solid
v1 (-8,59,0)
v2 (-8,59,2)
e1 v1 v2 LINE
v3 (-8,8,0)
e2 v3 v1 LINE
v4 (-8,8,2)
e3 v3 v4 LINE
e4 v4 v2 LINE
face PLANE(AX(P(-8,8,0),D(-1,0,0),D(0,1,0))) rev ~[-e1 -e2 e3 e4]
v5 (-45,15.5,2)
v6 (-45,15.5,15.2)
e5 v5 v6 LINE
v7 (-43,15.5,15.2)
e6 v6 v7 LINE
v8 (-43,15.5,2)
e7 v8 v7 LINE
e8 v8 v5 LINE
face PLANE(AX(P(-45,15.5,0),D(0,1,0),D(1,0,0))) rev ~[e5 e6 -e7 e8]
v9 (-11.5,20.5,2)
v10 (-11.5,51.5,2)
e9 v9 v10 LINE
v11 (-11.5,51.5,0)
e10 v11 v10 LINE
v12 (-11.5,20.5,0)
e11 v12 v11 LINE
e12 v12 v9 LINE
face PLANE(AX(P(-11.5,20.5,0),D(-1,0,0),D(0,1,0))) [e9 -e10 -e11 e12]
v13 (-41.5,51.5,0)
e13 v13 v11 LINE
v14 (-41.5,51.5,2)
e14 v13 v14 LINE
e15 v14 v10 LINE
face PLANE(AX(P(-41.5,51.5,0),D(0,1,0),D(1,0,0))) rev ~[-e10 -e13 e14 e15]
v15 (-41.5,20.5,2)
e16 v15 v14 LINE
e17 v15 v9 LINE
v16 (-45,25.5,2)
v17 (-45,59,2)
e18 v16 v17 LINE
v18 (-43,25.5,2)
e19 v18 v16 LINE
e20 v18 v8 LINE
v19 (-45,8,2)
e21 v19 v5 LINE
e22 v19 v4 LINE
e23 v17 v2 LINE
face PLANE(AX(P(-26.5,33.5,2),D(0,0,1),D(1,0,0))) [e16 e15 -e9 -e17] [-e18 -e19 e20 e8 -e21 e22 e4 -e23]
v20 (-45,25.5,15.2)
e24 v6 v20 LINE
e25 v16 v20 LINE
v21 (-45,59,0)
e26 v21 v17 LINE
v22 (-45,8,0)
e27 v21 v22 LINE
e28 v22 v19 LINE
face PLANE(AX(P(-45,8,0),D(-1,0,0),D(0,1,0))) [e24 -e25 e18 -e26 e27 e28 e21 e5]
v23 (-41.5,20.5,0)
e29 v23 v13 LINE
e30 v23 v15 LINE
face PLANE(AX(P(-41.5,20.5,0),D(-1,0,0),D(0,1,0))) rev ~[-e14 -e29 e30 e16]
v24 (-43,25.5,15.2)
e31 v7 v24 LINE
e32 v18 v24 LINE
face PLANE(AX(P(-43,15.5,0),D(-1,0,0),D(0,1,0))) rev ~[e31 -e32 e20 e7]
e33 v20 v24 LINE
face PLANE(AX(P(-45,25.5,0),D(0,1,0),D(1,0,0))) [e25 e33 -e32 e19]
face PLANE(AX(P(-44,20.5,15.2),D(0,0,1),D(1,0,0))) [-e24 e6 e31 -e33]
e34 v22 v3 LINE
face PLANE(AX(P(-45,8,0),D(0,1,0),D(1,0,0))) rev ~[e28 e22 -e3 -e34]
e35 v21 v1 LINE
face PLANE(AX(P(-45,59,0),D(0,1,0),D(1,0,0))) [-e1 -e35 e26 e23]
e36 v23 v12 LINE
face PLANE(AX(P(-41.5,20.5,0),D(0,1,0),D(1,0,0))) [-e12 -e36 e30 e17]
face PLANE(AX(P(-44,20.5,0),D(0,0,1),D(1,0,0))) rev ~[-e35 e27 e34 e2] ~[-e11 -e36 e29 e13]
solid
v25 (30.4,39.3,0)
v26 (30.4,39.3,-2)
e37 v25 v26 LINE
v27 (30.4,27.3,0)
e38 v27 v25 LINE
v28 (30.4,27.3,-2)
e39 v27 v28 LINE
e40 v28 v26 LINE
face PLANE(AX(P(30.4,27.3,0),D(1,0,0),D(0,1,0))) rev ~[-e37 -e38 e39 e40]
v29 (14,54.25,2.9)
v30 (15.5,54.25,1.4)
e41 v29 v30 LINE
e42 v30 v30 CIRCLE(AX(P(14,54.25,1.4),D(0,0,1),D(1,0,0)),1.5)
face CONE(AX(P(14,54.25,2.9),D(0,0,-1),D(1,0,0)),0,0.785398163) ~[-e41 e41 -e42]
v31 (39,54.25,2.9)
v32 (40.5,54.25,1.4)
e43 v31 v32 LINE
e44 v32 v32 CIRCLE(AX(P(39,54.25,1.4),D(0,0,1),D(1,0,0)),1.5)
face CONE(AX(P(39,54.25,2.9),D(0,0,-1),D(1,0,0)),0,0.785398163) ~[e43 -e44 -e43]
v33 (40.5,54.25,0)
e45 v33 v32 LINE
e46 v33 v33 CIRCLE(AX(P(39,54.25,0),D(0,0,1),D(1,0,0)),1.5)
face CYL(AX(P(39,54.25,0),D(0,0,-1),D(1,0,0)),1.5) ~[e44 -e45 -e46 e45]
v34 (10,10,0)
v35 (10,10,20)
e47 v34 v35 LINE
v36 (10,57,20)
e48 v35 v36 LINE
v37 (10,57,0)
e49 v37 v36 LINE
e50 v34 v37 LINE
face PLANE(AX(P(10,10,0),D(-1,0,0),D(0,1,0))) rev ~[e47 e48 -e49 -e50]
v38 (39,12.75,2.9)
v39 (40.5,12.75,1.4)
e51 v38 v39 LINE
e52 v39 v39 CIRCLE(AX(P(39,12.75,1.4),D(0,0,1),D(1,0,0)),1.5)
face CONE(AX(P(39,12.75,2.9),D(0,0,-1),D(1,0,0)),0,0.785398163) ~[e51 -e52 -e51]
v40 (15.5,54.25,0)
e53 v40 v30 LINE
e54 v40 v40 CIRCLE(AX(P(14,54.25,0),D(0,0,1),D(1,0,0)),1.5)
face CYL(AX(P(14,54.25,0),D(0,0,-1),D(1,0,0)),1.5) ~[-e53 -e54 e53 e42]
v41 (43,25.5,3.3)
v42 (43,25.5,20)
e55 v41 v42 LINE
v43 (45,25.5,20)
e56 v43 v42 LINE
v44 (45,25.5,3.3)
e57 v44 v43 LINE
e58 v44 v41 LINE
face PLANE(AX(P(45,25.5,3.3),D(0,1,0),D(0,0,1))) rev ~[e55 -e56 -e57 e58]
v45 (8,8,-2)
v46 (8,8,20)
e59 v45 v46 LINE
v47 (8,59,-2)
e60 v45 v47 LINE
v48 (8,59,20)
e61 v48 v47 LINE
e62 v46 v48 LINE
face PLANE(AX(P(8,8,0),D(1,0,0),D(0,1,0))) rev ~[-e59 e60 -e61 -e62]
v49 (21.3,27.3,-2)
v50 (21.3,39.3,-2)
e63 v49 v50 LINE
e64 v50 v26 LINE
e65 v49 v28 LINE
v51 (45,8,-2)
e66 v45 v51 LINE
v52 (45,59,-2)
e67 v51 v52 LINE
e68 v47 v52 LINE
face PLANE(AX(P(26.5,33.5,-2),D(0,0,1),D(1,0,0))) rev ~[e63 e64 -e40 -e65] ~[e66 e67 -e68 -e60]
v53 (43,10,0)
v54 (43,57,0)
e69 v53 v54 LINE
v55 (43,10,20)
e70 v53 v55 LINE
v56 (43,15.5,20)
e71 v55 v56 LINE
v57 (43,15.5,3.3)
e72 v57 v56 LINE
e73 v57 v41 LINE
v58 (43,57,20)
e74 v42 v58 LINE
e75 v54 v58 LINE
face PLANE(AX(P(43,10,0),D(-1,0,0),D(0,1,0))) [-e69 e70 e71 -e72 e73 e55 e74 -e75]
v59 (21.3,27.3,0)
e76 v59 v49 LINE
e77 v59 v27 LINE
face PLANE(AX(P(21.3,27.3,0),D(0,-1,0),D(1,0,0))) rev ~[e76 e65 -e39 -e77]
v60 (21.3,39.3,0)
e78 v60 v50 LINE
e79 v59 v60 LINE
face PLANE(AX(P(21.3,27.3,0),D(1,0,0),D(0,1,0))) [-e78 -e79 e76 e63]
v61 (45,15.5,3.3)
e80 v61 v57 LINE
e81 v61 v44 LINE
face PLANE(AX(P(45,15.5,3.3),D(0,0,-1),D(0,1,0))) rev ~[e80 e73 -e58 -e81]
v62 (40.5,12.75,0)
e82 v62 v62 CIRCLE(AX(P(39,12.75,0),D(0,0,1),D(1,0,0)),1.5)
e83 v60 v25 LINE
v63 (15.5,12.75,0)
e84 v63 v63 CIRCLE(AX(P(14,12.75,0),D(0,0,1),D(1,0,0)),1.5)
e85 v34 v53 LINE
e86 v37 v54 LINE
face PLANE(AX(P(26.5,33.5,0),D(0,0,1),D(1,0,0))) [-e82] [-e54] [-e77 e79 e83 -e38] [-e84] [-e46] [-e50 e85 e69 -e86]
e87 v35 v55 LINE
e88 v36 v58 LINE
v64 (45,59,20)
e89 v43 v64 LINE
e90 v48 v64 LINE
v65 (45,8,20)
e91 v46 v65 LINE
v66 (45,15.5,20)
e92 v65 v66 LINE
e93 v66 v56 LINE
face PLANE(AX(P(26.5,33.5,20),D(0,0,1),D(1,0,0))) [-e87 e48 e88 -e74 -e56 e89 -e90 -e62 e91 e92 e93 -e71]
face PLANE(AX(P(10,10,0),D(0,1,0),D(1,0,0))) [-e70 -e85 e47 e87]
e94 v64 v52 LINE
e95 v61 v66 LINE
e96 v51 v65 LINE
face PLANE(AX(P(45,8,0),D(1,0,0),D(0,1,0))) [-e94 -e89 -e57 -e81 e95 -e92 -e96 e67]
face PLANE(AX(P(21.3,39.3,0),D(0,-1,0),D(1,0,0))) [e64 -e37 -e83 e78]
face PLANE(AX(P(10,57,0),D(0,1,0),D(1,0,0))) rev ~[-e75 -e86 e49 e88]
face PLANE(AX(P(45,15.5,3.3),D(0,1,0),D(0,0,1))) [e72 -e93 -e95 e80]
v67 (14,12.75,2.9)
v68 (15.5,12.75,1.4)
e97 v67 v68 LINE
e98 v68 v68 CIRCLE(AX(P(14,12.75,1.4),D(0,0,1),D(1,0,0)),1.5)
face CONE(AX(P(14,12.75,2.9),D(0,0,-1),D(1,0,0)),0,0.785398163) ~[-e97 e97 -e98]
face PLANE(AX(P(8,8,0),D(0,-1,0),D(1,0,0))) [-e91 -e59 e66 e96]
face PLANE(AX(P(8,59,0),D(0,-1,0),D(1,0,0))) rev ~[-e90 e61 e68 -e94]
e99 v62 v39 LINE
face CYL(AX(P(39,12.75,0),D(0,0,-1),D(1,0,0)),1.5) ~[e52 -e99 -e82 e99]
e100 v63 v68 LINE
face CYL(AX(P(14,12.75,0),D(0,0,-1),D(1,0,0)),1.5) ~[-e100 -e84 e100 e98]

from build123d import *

# Parameters (mm, degrees)
SKETCH001_W     = 37
SKETCH001_H     = 51
PAD_DEPTH       = 20
PAD_DEPTH_BACK  = 2
SKETCH_W        = 33
SKETCH_H        = 47
POCKET_DEPTH    = 20
SKETCH002_W     = 9.1
SKETCH002_H     = 12
POCKET001_DEPTH = 2
SKETCH003_W     = 10
SKETCH003_H     = 16.7
POCKET002_DEPTH = 2
SKETCH007_R     = 1.5
PAD003_DEPTH    = 1.4
SKETCH004_W     = 37
SKETCH004_H     = 51
PAD001_DEPTH    = 2
SKETCH005_W     = 2
SKETCH005_H     = 10
PAD002_DEPTH    = 15.2
SKETCH006_W     = 30
SKETCH006_H     = 31
POCKET003_DEPTH = 2


with BuildPart() as body:
    # Sketch001 → Pad (new body, two sides)
    with BuildSketch(Plane.XY) as pad_sk:
        with Locations((26.5, 33.5)):
            Rectangle(SKETCH001_W, SKETCH001_H)
    extrude(amount=PAD_DEPTH)
    extrude(pad_sk.sketch, amount=-PAD_DEPTH_BACK)

    # Sketch → Pocket (cut)
    with BuildSketch(Plane.XY):
        with Locations((26.5, 33.5)):
            Rectangle(SKETCH_W, SKETCH_H)
    extrude(amount=POCKET_DEPTH, mode=Mode.SUBTRACT)

    # Sketch002 → Pocket001 (cut)
    with BuildSketch(Plane.XY):
        with Locations((25.85, 33.3)):
            Rectangle(SKETCH002_W, SKETCH002_H)
    extrude(amount=-POCKET001_DEPTH, mode=Mode.SUBTRACT)

    # Sketch003 (on Face3 of Pad) → Pocket002 (cut)
    with BuildSketch(Plane.YZ.offset(45)):
        with Locations((20.5, 11.65)):
            Rectangle(SKETCH003_W, SKETCH003_H)
    extrude(amount=-POCKET002_DEPTH, mode=Mode.SUBTRACT)

    # Sketch007 → Pad003 (join)
    with BuildSketch(Plane.XY):
        with Locations((14, 54.25)):
            Circle(SKETCH007_R)
        with Locations((39, 54.25)):
            Circle(SKETCH007_R)
        with Locations((39, 12.75)):
            Circle(SKETCH007_R)
        with Locations((14, 12.75)):
            Circle(SKETCH007_R)
    extrude(amount=PAD003_DEPTH)

    # Sketch008 (on DatumPlane) → Revolution (revolve)
    with BuildSketch(Plane(origin=(14, 54.25, 0.944186), x_dir=(1, 0, 0), z_dir=(0, -1, 0))):
        Polygon((0, 1.955814), (1.5, 0.455814), (0, 0.455814), align=None)
    revolve(axis=Axis((14, 54.25, 0.944186), (0, 0, 1)))

    # Sketch009 (on DatumPlane) → Revolution001 (revolve)
    with BuildSketch(Plane(origin=(14, 54.25, 0.944186), x_dir=(1, 0, 0), z_dir=(0, -1, 0))):
        Polygon((25, 1.955814), (26.5, 0.455814), (25, 0.455814), align=None)
    revolve(axis=Axis((39, 54.25, 0), (0, 0, 1)))

    # Sketch010 (on DatumPlane) → Revolution002 (revolve)
    with BuildSketch(Plane(origin=(14, 12.75, 0.7), x_dir=(1, 0, 0), z_dir=(0, -1, 0))):
        Polygon((0, 2.2), (1.5, 0.7), (0, 0.7), align=None)
    revolve(axis=Axis((14, 12.75, 0.7), (0, 0, 1)))

    # Sketch011 (on DatumPlane) → Revolution003 (revolve)
    with BuildSketch(Plane(origin=(14, 12.75, 0.7), x_dir=(1, 0, 0), z_dir=(0, -1, 0))):
        Polygon((25, 2.2), (26.5, 0.7), (25, 0.7), align=None)
    revolve(axis=Axis((39, 12.75, 0), (0, 0, 1)))


with BuildPart() as body001:
    # Sketch004 → Pad001 (new body)
    with BuildSketch(Plane.XY):
        with Locations((-26.5, 33.5)):
            Rectangle(SKETCH004_W, SKETCH004_H)
    extrude(amount=PAD001_DEPTH)

    # Sketch005 → Pad002 (join)
    with BuildSketch(Plane.XY):
        with Locations((-44, 20.5)):
            Rectangle(SKETCH005_W, SKETCH005_H)
    extrude(amount=PAD002_DEPTH)

    # Sketch006 → Pocket003 (cut)
    with BuildSketch(Plane.XY):
        with Locations((-26.5, 36)):
            Rectangle(SKETCH006_W, SKETCH006_H)
    extrude(amount=POCKET003_DEPTH, mode=Mode.SUBTRACT)


solid = Compound([body.part, body001.part])
